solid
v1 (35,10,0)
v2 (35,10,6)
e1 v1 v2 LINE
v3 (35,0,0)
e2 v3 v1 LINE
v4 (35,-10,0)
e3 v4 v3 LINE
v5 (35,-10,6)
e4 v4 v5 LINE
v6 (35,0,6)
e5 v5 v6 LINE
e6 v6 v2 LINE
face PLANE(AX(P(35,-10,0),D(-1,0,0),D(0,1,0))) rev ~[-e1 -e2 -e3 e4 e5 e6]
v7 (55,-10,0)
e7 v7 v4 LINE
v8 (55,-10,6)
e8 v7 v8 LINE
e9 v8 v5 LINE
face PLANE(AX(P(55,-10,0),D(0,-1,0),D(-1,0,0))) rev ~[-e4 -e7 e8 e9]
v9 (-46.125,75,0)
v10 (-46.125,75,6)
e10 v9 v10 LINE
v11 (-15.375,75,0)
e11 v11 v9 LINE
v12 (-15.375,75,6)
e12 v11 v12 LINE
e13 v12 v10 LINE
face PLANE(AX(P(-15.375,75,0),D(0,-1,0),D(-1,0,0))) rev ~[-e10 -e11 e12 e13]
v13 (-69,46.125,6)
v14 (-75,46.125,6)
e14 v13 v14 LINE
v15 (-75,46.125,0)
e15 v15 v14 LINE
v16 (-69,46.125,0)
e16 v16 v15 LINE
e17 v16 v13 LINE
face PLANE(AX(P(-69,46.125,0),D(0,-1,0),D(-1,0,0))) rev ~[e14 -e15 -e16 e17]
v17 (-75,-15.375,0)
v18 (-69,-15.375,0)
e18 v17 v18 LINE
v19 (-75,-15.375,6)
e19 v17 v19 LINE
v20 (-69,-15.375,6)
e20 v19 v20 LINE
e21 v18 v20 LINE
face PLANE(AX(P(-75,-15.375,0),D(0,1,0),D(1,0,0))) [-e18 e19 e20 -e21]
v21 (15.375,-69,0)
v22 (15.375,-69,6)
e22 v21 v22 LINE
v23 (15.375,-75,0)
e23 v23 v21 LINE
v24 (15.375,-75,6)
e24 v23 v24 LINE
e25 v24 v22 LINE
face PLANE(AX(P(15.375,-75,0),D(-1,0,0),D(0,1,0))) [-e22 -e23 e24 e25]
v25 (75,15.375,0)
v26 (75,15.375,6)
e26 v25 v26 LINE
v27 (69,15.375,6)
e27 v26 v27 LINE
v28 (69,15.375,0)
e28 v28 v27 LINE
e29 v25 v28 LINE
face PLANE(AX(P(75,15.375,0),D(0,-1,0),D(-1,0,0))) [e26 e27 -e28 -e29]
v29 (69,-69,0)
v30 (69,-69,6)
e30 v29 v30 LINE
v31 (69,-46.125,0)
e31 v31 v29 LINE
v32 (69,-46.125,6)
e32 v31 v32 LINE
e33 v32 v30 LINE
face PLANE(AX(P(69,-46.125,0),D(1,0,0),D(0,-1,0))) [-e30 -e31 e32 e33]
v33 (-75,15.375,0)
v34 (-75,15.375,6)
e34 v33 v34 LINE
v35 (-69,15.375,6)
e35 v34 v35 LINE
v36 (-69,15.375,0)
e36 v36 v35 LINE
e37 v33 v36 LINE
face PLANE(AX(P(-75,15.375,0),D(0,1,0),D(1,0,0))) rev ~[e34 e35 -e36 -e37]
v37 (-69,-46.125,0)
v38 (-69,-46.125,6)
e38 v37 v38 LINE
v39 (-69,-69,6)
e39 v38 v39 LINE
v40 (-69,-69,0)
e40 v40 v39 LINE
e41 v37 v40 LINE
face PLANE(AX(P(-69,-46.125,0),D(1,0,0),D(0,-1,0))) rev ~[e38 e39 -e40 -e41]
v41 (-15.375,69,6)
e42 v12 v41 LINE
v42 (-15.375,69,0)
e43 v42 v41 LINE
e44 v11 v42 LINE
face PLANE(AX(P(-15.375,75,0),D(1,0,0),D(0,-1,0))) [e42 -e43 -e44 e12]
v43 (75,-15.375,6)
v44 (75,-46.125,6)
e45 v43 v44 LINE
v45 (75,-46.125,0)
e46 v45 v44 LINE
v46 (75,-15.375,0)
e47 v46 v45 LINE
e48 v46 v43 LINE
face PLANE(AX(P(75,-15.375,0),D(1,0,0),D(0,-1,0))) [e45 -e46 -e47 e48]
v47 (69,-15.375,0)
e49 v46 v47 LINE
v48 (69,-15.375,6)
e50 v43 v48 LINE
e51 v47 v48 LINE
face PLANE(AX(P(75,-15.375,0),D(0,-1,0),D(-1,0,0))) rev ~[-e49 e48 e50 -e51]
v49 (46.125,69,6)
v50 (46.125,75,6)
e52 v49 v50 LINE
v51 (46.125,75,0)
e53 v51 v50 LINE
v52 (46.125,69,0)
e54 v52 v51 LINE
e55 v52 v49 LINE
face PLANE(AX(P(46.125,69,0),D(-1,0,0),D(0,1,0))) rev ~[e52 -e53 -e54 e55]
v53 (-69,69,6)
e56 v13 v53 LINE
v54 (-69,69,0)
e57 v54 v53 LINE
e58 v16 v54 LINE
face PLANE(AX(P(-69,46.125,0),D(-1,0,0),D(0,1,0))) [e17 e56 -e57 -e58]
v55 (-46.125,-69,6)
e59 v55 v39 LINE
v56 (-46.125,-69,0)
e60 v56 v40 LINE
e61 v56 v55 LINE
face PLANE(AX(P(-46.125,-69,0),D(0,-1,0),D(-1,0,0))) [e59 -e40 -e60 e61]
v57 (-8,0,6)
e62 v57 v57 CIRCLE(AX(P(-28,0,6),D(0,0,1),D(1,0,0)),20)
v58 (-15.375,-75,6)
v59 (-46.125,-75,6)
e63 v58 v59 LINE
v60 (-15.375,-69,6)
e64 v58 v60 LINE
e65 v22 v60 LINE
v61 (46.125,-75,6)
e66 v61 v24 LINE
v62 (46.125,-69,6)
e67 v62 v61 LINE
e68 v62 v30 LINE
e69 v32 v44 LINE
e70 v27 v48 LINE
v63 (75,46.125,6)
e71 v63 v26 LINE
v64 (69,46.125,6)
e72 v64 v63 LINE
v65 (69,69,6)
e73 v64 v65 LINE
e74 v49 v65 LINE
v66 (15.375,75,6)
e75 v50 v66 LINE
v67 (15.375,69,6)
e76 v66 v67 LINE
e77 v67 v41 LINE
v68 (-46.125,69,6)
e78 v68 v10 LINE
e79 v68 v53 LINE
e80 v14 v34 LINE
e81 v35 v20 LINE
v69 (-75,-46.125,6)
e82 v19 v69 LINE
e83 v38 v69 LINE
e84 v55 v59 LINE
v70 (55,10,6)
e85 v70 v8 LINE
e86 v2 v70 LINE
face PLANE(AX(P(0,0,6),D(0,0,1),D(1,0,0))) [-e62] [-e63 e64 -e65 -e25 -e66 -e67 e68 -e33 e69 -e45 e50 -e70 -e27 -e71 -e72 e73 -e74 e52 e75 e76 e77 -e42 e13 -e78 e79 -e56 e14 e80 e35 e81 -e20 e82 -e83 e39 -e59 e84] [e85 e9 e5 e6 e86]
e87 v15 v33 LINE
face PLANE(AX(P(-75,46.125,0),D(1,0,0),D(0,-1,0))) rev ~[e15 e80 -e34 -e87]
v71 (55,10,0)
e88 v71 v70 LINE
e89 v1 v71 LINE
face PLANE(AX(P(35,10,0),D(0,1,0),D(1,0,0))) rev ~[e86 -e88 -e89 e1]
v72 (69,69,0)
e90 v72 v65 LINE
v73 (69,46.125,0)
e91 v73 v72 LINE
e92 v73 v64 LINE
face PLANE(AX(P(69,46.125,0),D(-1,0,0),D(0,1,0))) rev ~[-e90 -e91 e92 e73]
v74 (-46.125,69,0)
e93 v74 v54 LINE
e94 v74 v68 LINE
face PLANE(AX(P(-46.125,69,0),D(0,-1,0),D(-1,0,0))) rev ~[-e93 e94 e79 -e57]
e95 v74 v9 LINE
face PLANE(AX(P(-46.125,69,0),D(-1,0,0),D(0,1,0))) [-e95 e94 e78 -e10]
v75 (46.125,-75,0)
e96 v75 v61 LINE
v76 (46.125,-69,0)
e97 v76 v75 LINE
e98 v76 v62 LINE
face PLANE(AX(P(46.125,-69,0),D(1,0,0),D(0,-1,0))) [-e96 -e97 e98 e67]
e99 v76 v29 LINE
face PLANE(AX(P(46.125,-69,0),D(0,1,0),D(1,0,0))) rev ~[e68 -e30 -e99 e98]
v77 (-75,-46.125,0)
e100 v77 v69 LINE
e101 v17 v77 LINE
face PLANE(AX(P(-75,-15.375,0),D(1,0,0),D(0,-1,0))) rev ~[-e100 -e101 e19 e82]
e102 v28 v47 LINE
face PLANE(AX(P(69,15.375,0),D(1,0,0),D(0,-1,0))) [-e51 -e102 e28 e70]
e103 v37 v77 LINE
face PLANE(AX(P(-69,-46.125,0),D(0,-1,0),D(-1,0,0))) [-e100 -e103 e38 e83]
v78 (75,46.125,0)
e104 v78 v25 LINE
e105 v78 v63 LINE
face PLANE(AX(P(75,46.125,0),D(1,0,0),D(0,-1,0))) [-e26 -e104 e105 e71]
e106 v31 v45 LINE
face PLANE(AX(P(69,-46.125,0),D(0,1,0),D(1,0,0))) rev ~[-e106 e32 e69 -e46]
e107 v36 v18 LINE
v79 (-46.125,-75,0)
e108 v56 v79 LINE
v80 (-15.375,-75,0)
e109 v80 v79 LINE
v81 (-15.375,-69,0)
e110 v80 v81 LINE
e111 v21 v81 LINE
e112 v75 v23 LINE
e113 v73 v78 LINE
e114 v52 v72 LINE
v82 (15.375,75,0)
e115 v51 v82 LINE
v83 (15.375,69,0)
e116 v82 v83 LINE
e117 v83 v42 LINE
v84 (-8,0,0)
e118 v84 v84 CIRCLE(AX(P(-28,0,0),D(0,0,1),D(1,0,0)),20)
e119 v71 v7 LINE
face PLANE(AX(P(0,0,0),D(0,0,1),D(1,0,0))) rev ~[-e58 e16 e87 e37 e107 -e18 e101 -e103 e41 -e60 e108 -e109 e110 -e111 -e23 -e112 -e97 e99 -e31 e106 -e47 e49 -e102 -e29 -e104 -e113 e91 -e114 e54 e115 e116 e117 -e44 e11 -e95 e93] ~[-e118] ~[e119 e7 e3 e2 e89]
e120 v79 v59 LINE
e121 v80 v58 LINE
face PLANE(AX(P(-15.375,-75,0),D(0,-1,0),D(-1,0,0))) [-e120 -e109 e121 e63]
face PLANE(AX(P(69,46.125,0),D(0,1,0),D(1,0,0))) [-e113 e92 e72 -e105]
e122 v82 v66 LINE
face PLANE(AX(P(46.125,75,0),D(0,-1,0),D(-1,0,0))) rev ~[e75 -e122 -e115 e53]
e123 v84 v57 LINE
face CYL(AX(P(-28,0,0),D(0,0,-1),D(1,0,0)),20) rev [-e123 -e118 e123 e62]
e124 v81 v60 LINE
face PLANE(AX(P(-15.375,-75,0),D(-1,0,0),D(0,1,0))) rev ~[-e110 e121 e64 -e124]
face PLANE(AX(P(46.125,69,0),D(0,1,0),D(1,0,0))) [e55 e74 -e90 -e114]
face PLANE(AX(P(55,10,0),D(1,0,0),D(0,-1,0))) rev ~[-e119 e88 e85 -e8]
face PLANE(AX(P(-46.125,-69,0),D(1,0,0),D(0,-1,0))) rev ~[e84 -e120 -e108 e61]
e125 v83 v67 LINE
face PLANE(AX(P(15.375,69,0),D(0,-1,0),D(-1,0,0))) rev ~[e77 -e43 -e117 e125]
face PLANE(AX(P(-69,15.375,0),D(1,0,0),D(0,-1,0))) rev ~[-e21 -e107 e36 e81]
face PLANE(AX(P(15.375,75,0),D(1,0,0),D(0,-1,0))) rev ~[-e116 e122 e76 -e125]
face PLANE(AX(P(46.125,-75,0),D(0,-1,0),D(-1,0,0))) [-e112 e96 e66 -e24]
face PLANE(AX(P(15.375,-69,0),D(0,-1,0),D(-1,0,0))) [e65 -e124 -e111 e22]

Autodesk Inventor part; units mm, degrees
ref_plane "YZ Plane" through (0, 0, 0) normal (1, 0, 0) x (0, 1, 0)
ref_plane "XZ Plane" through (0, 0, 0) normal (0, 1, 0) x (-1, 0, 0)
ref_plane "XY Plane" through (0, 0, 0) normal (0, 0, 1) x (1, 0, 0)
sketch "Sketch1" plane through (0, 0, 0) normal (0, 0, 1) x (1, 0, 0)
  line L0 (-75, -15.375) -> (-69, -15.375)
  line L1 (-69, -46.125) -> (-75, -46.125)
  line L2 (-69, 46.125) -> (-75, 46.125)
  line L3 (-75, 15.375) -> (-69, 15.375)
  line L4 (-69, 46.125) -> (-69, 69)
  line L5 (-75, 46.125) -> (-75, 15.375)
  line L6 (-69, 15.375) -> (-69, -15.375)
  line L7 (-75, -15.375) -> (-75, -46.125)
  line L8 (-69, -46.125) -> (-69, -69)
  line L9 (0, 0) -> (0, 15.375)
  line L10 (0, 0) -> (0, -46.125)
  line L11 (69, 15.375) -> (69, -15.375)
  line L12 (75, 15.375) -> (69, 15.375)
  line L13 (75, 46.125) -> (75, 15.375)
  line L14 (69, 46.125) -> (75, 46.125)
  line L15 (69, 46.125) -> (69, 69)
  line L16 (75, -15.375) -> (69, -15.375)
  line L17 (75, -15.375) -> (75, -46.125)
  line L18 (69, -46.125) -> (75, -46.125)
  line L19 (69, -46.125) -> (69, -69)
  line L20 (0, 0) -> (92.4518, 92.4518)
  line L21 (0, 0) -> (130.7466, 0) construction
  line L22 (0, 0) -> (109.2471, 0) construction
  line L23 (0, 0) -> (102.0745, -102.0745)
  line L24 (0, 0) -> (162.0274, 0) construction
  line L25 (15.375, 69) -> (-15.375, 69)
  line L26 (15.375, 75) -> (15.375, 69)
  line L27 (46.125, 75) -> (15.375, 75)
  line L28 (46.125, 69) -> (46.125, 75)
  line L29 (46.125, 69) -> (69, 69)
  line L30 (-15.375, 75) -> (-15.375, 69)
  line L31 (-15.375, 75) -> (-46.125, 75)
  line L32 (-46.125, 69) -> (-46.125, 75)
  line L33 (-46.125, 69) -> (-69, 69)
  line L34 (-15.375, -75) -> (-15.375, -69)
  line L35 (-46.125, -69) -> (-46.125, -75)
  line L36 (46.125, -69) -> (46.125, -75)
  line L37 (15.375, -75) -> (15.375, -69)
  line L38 (46.125, -69) -> (69, -69)
  line L39 (46.125, -75) -> (15.375, -75)
  line L40 (15.375, -69) -> (-15.375, -69)
  line L41 (-15.375, -75) -> (-46.125, -75)
  line L42 (-46.125, -69) -> (-69, -69)
  line L43 (0, 0) -> (-28, 0)
  circle A0 centre (-28, 0) radius 20
  line L44 (0, 0) -> (45, 0)
  line L45 (35, 10) -> (55, 10)
  line L46 (55, 10) -> (55, -10)
  line L47 (55, -10) -> (35, -10)
  line L48 (35, -10) -> (35, 10)
  line L49 (35, 10) -> (55, -10) construction
  line L50 (55, 10) -> (35, -10) construction
  point P0 (0, 0)
  point P1 (-69, -75)
  point P2 (-69, 75)
  point P3 (69, -75)
  point P4 (69, 75)
  dimension "d8" = 45
  dimension "d13" = 28
  dimension "d14" = 40
  dimension "d15" = 45
  dimension "d16" = 20
  dimension "d17" = 20
extrude "Extrusion1" add sketch "Sketch1" along normal blind 6
properties part number "Bottom"
